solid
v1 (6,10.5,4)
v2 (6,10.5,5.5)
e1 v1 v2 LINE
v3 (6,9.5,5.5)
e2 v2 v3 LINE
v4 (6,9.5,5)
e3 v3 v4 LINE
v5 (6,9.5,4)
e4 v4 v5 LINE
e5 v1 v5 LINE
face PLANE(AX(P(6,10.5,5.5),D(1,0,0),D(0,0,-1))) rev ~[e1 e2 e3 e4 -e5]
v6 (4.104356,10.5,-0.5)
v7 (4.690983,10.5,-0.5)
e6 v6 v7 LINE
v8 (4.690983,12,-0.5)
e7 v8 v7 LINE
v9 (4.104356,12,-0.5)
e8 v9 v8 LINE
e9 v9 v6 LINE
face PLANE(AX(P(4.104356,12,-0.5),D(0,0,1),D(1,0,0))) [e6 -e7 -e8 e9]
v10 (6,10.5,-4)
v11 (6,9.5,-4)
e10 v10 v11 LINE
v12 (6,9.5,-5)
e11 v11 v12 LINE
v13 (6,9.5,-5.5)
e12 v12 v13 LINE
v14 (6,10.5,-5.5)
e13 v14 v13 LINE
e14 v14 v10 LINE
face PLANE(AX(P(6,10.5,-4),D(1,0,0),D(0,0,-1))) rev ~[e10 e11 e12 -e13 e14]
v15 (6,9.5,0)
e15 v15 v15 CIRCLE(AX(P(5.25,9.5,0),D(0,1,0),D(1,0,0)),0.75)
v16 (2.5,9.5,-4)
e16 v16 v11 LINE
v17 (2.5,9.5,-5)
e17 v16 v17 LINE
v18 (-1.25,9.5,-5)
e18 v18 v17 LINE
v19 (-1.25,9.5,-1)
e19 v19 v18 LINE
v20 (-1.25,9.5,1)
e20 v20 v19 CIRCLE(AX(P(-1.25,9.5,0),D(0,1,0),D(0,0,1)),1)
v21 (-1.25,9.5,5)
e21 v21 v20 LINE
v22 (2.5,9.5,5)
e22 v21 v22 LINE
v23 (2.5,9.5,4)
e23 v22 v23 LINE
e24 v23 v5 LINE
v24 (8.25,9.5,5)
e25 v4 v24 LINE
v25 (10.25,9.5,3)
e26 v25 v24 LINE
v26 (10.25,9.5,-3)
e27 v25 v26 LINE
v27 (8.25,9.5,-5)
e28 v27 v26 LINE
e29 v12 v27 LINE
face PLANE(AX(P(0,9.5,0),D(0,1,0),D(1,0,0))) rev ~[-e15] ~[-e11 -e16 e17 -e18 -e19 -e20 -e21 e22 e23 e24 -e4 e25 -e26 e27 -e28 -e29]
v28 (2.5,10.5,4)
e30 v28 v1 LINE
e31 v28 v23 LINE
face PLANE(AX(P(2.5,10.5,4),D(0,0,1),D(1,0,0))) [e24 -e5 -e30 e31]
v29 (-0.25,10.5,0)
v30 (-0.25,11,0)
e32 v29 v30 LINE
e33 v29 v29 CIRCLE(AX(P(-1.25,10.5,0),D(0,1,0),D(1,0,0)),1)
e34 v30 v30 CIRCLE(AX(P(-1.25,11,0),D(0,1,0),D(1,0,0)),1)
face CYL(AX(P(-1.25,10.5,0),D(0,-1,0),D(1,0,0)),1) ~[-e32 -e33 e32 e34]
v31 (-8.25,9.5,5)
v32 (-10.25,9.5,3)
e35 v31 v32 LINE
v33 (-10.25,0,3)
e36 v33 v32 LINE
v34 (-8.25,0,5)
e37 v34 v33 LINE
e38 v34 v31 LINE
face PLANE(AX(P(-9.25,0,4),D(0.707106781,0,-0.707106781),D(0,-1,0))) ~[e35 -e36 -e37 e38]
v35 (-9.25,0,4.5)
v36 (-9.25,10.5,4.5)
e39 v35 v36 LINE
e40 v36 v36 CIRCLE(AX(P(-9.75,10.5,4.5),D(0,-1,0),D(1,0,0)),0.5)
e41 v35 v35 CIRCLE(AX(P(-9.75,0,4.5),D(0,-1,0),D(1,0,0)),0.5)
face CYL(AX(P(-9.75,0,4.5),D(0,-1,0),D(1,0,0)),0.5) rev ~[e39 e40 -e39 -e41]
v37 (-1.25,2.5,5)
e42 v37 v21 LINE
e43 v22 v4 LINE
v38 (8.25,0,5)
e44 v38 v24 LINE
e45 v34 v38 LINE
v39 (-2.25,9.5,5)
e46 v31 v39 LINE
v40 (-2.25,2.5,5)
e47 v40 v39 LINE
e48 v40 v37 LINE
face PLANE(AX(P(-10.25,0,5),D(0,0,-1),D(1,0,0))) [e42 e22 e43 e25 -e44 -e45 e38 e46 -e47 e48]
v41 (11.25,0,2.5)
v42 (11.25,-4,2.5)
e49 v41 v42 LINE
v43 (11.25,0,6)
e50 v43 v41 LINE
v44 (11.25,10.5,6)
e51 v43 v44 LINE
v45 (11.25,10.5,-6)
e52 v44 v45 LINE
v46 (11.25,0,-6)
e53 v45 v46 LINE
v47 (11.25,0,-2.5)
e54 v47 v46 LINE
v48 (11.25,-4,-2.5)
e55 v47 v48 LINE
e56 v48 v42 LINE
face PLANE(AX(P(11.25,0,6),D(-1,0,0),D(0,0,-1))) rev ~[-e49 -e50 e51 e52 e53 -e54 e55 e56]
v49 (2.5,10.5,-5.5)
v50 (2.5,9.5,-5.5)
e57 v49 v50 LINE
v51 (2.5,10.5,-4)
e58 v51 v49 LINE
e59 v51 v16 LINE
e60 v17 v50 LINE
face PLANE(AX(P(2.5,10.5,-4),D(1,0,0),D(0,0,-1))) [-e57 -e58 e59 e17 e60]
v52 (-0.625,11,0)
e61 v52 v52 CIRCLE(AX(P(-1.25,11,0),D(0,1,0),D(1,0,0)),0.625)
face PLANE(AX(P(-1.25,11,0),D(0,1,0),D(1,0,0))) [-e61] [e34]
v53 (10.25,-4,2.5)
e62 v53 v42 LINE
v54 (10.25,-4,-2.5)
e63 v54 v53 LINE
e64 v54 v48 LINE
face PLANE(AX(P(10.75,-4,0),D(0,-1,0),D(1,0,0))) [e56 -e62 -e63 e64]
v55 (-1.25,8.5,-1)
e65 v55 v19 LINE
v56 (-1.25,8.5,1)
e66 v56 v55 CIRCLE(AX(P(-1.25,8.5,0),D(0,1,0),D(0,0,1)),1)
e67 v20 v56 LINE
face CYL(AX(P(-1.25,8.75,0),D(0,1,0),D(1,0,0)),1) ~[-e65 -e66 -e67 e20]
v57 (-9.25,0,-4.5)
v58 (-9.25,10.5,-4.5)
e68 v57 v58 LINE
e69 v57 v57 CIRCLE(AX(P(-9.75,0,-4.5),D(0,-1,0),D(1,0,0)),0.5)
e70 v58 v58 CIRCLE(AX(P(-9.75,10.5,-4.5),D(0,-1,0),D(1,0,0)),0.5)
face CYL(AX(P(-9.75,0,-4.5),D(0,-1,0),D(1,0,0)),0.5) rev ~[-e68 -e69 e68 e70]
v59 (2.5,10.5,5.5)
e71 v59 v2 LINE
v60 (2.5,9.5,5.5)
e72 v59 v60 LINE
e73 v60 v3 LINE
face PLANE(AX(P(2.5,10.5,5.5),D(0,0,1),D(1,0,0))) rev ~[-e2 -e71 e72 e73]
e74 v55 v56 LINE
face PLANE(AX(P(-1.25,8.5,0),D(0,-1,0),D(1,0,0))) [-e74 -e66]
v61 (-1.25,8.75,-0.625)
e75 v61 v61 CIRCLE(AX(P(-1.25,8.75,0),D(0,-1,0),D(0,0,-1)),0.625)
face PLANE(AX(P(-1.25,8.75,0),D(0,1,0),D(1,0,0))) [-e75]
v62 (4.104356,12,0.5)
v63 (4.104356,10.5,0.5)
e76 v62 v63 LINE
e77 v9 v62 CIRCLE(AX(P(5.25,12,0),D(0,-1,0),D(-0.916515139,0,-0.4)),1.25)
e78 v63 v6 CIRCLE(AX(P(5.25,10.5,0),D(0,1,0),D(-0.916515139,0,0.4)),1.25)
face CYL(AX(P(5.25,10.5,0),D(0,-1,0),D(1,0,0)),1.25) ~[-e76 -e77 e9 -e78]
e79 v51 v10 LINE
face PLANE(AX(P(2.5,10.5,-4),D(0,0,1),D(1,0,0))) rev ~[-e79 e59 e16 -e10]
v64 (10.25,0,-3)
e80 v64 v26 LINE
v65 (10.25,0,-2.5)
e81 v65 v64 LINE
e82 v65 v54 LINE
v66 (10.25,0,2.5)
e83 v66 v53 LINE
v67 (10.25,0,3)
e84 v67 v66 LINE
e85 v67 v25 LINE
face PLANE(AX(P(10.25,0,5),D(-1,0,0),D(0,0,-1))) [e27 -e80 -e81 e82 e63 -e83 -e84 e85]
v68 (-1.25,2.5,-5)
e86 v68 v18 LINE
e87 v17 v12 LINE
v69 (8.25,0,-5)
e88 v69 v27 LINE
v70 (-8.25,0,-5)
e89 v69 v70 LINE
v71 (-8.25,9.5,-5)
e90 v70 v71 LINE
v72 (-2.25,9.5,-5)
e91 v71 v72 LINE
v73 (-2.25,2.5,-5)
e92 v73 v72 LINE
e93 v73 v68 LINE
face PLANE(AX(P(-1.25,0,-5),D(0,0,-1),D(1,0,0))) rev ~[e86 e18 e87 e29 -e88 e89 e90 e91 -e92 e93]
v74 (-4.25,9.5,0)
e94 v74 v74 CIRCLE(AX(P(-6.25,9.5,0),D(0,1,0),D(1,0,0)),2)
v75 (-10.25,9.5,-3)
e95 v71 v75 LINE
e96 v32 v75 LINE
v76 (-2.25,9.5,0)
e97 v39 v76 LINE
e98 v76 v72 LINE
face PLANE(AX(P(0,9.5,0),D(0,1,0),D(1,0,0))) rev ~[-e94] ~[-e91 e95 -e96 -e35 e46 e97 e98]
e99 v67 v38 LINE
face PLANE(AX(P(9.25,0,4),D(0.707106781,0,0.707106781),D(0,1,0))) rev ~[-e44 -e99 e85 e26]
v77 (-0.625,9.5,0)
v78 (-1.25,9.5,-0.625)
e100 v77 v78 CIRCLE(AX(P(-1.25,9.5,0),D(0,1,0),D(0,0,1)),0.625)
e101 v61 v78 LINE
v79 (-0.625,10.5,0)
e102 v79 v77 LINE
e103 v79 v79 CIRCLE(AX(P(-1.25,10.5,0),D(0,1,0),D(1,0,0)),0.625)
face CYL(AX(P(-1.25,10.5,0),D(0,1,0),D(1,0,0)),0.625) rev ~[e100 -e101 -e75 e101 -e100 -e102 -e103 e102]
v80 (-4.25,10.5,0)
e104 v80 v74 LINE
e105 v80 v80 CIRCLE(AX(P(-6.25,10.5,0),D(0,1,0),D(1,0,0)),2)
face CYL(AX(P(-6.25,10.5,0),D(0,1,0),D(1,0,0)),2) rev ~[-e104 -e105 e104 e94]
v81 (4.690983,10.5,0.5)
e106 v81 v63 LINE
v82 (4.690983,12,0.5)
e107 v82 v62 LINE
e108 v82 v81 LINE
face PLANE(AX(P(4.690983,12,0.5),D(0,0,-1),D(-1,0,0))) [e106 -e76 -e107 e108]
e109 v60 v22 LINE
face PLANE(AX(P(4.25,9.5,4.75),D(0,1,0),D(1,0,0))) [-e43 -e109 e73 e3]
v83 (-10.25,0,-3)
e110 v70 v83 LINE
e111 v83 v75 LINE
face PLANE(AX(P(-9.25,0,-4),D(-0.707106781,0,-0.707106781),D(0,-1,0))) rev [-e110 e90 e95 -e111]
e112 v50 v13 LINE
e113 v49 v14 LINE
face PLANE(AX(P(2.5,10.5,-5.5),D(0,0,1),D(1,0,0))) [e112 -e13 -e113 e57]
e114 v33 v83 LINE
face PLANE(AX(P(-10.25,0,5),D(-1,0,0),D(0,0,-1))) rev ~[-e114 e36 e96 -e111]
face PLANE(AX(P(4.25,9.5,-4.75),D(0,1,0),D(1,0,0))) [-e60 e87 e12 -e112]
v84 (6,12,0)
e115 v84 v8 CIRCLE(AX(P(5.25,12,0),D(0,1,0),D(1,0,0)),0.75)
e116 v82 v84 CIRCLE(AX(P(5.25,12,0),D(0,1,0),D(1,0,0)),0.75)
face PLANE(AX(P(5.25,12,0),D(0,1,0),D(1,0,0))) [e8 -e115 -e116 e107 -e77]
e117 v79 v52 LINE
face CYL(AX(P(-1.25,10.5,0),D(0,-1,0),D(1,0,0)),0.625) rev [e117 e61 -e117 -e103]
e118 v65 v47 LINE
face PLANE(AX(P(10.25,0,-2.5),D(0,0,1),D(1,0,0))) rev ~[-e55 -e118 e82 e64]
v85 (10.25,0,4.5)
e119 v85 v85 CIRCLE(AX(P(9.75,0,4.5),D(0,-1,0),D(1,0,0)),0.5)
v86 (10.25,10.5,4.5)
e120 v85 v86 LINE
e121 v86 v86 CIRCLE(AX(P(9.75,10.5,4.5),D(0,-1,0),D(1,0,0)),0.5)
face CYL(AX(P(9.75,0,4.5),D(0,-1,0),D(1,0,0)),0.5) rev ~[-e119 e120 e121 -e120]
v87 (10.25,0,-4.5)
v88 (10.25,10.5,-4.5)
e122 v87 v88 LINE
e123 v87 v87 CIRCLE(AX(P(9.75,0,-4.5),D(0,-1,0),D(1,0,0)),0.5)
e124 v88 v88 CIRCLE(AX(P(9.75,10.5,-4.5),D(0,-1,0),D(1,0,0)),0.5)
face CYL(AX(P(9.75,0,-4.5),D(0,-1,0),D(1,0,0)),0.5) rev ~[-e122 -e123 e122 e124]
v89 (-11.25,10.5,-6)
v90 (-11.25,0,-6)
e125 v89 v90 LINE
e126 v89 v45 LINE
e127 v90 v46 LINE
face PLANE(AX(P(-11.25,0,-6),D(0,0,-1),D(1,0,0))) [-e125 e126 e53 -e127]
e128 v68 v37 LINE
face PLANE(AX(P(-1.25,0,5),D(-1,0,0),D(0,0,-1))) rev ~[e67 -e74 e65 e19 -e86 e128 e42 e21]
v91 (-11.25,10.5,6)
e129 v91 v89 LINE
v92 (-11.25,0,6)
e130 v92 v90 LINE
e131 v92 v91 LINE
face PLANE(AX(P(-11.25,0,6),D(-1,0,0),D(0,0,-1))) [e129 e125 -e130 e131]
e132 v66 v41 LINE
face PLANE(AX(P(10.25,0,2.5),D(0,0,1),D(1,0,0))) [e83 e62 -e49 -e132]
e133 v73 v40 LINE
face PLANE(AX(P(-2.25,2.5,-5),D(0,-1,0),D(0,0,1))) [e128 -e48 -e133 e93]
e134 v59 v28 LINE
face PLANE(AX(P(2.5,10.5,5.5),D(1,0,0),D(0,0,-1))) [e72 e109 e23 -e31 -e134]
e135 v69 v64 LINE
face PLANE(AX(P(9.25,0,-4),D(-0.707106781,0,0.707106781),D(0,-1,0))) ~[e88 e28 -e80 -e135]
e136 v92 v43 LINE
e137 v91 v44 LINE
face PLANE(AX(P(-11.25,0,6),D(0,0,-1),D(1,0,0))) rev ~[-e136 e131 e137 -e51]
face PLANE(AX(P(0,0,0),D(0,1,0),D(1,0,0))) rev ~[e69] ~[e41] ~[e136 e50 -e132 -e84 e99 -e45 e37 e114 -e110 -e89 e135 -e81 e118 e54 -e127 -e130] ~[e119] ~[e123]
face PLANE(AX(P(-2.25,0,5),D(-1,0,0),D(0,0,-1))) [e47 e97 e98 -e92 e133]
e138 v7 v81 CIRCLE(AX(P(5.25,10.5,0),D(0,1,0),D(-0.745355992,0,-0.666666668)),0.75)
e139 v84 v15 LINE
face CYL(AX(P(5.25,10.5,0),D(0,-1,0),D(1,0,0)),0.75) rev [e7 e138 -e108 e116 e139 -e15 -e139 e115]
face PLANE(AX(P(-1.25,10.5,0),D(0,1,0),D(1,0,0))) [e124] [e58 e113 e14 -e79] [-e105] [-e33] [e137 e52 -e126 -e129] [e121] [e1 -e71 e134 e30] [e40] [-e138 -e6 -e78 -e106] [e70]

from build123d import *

# Parameters (mm, degrees)
SKETCH1_W           = 22.5
SKETCH1_H           = 12
SKETCH1_W_2         = 11.5
SKETCH1_H_2         = 10
SKETCH1_W_3         = 8
BOSS_EXTRUDE1_DEPTH = 10.5
SKETCH2_W           = 22.5
SKETCH2_H           = 12
SKETCH2_R           = 2
SKETCH2_R_2         = 0.75
SKETCH2_W_2         = 3.5
SKETCH2_H_2         = 1.5
BOSS_EXTRUDE2_DEPTH = 1
SKETCH3_W           = 3.5
SKETCH3_H           = 1.5
CUT_EXTRUDE1_DEPTH  = 1
SKETCH4_W           = 10
SKETCH4_H           = 2.5
CUT_EXTRUDE2_DEPTH  = 1
CHAMFER1_SIZE       = 2
SKETCH5_R           = 0.5
CUT_EXTRUDE3_DEPTH  = 11.5
SKETCH6_W           = 1
SKETCH6_H           = 5
BOSS_EXTRUDE3_DEPTH = 4
SKETCH7_R           = 1
SKETCH7_R_2         = 0.625
BOSS_EXTRUDE4_DEPTH = 1.75
SKETCH8_R           = 0.625
CUT_EXTRUDE4_DEPTH  = 1.75
SKETCH9_R           = 1
BOSS_EXTRUDE5_DEPTH = 0.25
SKETCH10_R          = 1
SKETCH10_R_2        = 0.625
BOSS_EXTRUDE6_DEPTH = 0.5
SKETCH11_R          = 1.25
SKETCH11_R_2        = 0.75
BOSS_EXTRUDE7_DEPTH = 1.5
CUT_EXTRUDE5_DEPTH  = 1.5


with BuildPart() as part:
    # Sketch1 → Boss-Extrude1 (new body)
    with BuildSketch(Plane(origin=(0, 0, 0), x_dir=(1, 0, 0), z_dir=(0, 1, 0))):
        Rectangle(SKETCH1_W, SKETCH1_H)
        with Locations((4.5, 0)):
            Rectangle(SKETCH1_W_2, SKETCH1_H_2, mode=Mode.SUBTRACT)
        with Locations((-6.25, 0)):
            Rectangle(SKETCH1_W_3, SKETCH1_H_2, mode=Mode.SUBTRACT)
    extrude(amount=BOSS_EXTRUDE1_DEPTH)

    # Sketch2 → Boss-Extrude2 (add)
    with BuildSketch(Plane(origin=(0, 10.5, 0), x_dir=(1, 0, 0), z_dir=(0, 1, 0))):
        Rectangle(SKETCH2_W, SKETCH2_H)
        with Locations((-6.25, 0)):
            Circle(SKETCH2_R, mode=Mode.SUBTRACT)
        with Locations((5.25, 0)):
            Circle(SKETCH2_R_2, mode=Mode.SUBTRACT)
        with Locations((4.25, 4.75)):
            Rectangle(SKETCH2_W_2, SKETCH2_H_2, mode=Mode.SUBTRACT)
        with Locations((4.25, -4.75)):
            Rectangle(SKETCH2_W_2, SKETCH2_H_2, mode=Mode.SUBTRACT)
    extrude(amount=-BOSS_EXTRUDE2_DEPTH)

    # Sketch3 → Cut-Extrude1 (cut)
    with BuildSketch(Plane(origin=(0, 10.5, 0), x_dir=(1, 0, 0), z_dir=(0, 1, 0))):
        with Locations((4.25, 4.75)):
            Rectangle(SKETCH3_W, SKETCH3_H)
        with Locations((4.25, -4.75)):
            Rectangle(SKETCH3_W, SKETCH3_H)
    extrude(amount=-CUT_EXTRUDE1_DEPTH, mode=Mode.SUBTRACT)

    # Sketch4 → Cut-Extrude2 (cut)
    with BuildSketch(Plane.ZY.offset(2.25)):
        with Locations((0, 1.25)):
            Rectangle(SKETCH4_W, SKETCH4_H)
    extrude(amount=-CUT_EXTRUDE2_DEPTH, mode=Mode.SUBTRACT)

    # Chamfer1
    chamfer1_edges = [part.edges().sort_by_distance(p)[0] for p in [
        (-10.25, 4.75, 5),
        (-10.25, 4.75, -5),
        (10.25, 4.75, -5),
        (10.25, 4.75, 5),
    ]]
    chamfer(chamfer1_edges, length=CHAMFER1_SIZE)

    # Sketch5 → Cut-Extrude3 (cut, through all)
    with BuildSketch(Plane.XZ):
        with Locations((-9.75, 4.5)):
            Circle(SKETCH5_R)
        with Locations((9.75, 4.5)):
            Circle(SKETCH5_R)
        with Locations((9.75, -4.5)):
            Circle(SKETCH5_R)
        with Locations((-9.75, -4.5)):
            Circle(SKETCH5_R)
    extrude(amount=-CUT_EXTRUDE3_DEPTH, mode=Mode.SUBTRACT)

    # Sketch6 → Boss-Extrude3 (add)
    with BuildSketch(Plane.XZ):
        with Locations((10.75, 0)):
            Rectangle(SKETCH6_W, SKETCH6_H)
    extrude(amount=BOSS_EXTRUDE3_DEPTH)

    # Sketch7 → Boss-Extrude4 (add)
    with BuildSketch(Plane(origin=(0, 10.5, 0), x_dir=(1, 0, 0), z_dir=(0, 1, 0))):
        with Locations((-1.25, 0)):
            Circle(SKETCH7_R)
        with Locations((-1.25, 0)):
            Circle(SKETCH7_R_2, mode=Mode.SUBTRACT)
    extrude(amount=-BOSS_EXTRUDE4_DEPTH)

    # Sketch8 → Cut-Extrude4 (cut)
    with BuildSketch(Plane(origin=(0, 10.5, 0), x_dir=(1, 0, 0), z_dir=(0, 1, 0))):
        with Locations((-1.25, 0)):
            Circle(SKETCH8_R)
    extrude(amount=-CUT_EXTRUDE4_DEPTH, mode=Mode.SUBTRACT)

    # Sketch9 → Boss-Extrude5 (add)
    with BuildSketch(Plane.XZ.offset(-8.75)):
        with Locations((-1.25, 0)):
            Circle(SKETCH9_R)
    extrude(amount=BOSS_EXTRUDE5_DEPTH)

    # Sketch10 → Boss-Extrude6 (add)
    with BuildSketch(Plane(origin=(0, 10.5, 0), x_dir=(1, 0, 0), z_dir=(0, 1, 0))):
        with Locations((-1.25, 0)):
            Circle(SKETCH10_R)
        with Locations((-1.25, 0)):
            Circle(SKETCH10_R_2, mode=Mode.SUBTRACT)
    extrude(amount=BOSS_EXTRUDE6_DEPTH)

    # Sketch11 → Boss-Extrude7 (add)
    with BuildSketch(Plane(origin=(0, 10.5, 0), x_dir=(1, 0, 0), z_dir=(0, 1, 0))):
        with Locations((5.25, 0)):
            Circle(SKETCH11_R)
        with Locations((5.25, 0)):
            Circle(SKETCH11_R_2, mode=Mode.SUBTRACT)
    extrude(amount=BOSS_EXTRUDE7_DEPTH)

    # Sketch12 → Cut-Extrude5 (cut)
    with BuildSketch(Plane(origin=(0, 12, 0), x_dir=(1, 0, 0), z_dir=(0, 1, 0))):
        with BuildLine():
            Line((4.104356076, 0.5), (4.690983006, 0.5))
            ThreePointArc((4.690983006, 0.5), (4.5, 0), (4.690983006, -0.5))
            Line((4.690983006, -0.5), (4.104356076, -0.5))
            ThreePointArc((4.104356076, -0.5), (4, 0), (4.104356076, 0.5))
        make_face()
    extrude(amount=-CUT_EXTRUDE5_DEPTH, mode=Mode.SUBTRACT)


solid = part.part
